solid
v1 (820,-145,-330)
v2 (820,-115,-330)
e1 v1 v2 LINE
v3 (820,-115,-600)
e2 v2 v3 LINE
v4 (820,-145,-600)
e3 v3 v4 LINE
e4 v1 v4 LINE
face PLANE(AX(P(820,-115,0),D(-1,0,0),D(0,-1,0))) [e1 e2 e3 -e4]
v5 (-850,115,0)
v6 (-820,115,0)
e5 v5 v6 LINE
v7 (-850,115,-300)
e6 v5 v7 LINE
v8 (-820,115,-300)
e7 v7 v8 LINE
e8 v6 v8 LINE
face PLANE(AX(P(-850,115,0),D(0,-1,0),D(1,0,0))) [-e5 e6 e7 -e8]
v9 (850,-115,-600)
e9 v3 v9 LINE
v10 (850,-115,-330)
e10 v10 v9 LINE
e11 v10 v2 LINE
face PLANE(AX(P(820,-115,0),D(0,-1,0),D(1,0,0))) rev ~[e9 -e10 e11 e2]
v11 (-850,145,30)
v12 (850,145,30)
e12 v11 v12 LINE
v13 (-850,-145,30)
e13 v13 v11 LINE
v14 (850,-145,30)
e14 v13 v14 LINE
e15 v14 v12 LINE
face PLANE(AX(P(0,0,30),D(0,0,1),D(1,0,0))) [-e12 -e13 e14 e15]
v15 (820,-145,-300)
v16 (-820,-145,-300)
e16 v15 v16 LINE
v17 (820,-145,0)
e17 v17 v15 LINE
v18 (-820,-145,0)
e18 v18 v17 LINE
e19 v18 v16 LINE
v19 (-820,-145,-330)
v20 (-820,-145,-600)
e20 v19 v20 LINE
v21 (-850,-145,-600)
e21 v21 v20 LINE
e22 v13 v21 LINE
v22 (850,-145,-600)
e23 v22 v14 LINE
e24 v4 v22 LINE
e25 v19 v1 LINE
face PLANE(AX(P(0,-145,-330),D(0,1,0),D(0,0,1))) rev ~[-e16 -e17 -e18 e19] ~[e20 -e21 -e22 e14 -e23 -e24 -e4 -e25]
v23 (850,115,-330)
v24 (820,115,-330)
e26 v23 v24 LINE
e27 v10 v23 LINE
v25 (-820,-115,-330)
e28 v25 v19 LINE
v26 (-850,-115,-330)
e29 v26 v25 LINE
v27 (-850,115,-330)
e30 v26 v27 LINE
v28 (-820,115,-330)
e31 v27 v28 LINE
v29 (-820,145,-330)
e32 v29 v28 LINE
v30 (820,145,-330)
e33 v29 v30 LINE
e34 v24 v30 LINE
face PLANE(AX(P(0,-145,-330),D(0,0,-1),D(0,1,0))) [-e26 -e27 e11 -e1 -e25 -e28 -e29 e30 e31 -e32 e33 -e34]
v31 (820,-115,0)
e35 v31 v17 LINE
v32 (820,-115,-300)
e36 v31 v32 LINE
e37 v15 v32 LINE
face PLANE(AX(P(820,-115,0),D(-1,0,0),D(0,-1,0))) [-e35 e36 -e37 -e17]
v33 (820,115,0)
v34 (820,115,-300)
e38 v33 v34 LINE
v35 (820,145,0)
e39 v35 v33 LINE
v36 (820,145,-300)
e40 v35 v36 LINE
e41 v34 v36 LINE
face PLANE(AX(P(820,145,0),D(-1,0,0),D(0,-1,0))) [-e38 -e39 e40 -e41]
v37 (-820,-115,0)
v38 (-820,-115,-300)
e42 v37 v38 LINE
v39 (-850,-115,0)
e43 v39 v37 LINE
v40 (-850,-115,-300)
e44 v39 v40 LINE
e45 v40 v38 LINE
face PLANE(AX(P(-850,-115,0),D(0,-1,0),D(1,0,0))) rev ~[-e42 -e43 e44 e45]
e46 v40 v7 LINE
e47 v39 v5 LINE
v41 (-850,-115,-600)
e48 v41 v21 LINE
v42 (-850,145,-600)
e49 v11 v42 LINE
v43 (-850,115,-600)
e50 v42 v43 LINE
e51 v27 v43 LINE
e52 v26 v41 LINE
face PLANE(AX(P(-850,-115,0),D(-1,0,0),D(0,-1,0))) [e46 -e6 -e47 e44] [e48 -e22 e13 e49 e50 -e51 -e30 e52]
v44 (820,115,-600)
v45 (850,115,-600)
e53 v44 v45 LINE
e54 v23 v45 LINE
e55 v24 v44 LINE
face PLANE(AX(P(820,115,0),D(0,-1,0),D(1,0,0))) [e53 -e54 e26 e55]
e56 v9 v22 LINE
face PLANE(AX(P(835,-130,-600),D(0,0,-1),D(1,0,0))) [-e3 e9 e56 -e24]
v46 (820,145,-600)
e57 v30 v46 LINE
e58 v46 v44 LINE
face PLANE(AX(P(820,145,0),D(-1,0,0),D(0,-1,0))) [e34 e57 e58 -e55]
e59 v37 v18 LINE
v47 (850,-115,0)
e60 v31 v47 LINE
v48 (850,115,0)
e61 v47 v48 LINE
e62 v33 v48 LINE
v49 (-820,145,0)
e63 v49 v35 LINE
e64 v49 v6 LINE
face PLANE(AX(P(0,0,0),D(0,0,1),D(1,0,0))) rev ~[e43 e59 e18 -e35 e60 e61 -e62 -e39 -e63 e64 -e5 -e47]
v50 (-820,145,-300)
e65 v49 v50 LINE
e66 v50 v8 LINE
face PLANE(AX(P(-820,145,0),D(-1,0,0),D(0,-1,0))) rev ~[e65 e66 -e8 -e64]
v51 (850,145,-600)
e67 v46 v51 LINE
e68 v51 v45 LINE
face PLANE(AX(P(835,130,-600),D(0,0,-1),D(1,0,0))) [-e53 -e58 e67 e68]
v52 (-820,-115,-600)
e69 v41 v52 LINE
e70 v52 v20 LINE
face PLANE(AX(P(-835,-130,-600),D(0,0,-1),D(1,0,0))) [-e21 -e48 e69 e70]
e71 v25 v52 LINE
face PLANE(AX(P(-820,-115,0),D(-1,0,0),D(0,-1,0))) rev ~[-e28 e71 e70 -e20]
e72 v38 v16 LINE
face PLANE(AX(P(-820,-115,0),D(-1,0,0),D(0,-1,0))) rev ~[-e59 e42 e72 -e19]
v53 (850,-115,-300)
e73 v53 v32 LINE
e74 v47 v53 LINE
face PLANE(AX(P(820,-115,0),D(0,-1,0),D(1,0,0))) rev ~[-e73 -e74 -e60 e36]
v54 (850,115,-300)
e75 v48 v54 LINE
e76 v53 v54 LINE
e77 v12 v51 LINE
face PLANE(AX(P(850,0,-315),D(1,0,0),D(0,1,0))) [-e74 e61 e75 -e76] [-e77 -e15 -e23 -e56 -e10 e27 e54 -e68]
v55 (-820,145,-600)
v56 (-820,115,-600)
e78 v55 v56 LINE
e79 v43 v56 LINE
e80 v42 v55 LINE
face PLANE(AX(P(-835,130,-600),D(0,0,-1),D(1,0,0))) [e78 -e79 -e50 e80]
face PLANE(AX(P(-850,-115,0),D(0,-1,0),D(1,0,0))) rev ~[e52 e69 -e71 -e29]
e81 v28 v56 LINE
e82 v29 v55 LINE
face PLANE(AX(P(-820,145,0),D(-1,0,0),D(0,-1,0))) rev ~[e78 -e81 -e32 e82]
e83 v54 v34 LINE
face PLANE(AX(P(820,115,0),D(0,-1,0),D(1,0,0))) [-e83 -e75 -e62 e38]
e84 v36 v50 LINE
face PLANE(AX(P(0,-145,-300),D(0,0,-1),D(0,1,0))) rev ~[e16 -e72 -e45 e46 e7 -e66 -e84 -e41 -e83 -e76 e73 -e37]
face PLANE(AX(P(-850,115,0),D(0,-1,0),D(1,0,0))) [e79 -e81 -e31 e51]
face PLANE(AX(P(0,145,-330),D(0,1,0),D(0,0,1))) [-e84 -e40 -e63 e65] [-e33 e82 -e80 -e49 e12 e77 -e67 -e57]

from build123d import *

# Parameters (mm, degrees)
F0_W          = 1700
F0_H          = 290
F1_DEPTH      = 30
F2_W          = 30
F2_H          = 30
F3_DEPTH      = 600
F4_W          = 290
F4_H          = 30
F5_DEPTH      = 850
F5_DEPTH_BACK = 850


with BuildPart() as f1:
    # F0 (on Top) → F1 (new body)
    with BuildSketch(Plane.XY):
        Rectangle(F0_W, F0_H)
    extrude(amount=F1_DEPTH)

    # F2 (on face) → F3 (join)
    with BuildSketch(Plane(origin=(0, 0, 0), x_dir=(1, 0, 0), z_dir=(0, 0, -1))):
        with Locations((-835, 130)):
            Rectangle(F2_W, F2_H)
        with Locations((835, 130)):
            Rectangle(F2_W, F2_H)
        with Locations((835, -130)):
            Rectangle(F2_W, F2_H)
        with Locations((-835, -130)):
            Rectangle(F2_W, F2_H)
    extrude(amount=F3_DEPTH)

    # F4 (on Right) → F5 (join, two sides)
    with BuildSketch(Plane.YZ) as f5_sk:
        with Locations((0, -315)):
            Rectangle(F4_W, F4_H)
    extrude(amount=F5_DEPTH)
    extrude(f5_sk.sketch, amount=-F5_DEPTH_BACK)


solid = f1.part
